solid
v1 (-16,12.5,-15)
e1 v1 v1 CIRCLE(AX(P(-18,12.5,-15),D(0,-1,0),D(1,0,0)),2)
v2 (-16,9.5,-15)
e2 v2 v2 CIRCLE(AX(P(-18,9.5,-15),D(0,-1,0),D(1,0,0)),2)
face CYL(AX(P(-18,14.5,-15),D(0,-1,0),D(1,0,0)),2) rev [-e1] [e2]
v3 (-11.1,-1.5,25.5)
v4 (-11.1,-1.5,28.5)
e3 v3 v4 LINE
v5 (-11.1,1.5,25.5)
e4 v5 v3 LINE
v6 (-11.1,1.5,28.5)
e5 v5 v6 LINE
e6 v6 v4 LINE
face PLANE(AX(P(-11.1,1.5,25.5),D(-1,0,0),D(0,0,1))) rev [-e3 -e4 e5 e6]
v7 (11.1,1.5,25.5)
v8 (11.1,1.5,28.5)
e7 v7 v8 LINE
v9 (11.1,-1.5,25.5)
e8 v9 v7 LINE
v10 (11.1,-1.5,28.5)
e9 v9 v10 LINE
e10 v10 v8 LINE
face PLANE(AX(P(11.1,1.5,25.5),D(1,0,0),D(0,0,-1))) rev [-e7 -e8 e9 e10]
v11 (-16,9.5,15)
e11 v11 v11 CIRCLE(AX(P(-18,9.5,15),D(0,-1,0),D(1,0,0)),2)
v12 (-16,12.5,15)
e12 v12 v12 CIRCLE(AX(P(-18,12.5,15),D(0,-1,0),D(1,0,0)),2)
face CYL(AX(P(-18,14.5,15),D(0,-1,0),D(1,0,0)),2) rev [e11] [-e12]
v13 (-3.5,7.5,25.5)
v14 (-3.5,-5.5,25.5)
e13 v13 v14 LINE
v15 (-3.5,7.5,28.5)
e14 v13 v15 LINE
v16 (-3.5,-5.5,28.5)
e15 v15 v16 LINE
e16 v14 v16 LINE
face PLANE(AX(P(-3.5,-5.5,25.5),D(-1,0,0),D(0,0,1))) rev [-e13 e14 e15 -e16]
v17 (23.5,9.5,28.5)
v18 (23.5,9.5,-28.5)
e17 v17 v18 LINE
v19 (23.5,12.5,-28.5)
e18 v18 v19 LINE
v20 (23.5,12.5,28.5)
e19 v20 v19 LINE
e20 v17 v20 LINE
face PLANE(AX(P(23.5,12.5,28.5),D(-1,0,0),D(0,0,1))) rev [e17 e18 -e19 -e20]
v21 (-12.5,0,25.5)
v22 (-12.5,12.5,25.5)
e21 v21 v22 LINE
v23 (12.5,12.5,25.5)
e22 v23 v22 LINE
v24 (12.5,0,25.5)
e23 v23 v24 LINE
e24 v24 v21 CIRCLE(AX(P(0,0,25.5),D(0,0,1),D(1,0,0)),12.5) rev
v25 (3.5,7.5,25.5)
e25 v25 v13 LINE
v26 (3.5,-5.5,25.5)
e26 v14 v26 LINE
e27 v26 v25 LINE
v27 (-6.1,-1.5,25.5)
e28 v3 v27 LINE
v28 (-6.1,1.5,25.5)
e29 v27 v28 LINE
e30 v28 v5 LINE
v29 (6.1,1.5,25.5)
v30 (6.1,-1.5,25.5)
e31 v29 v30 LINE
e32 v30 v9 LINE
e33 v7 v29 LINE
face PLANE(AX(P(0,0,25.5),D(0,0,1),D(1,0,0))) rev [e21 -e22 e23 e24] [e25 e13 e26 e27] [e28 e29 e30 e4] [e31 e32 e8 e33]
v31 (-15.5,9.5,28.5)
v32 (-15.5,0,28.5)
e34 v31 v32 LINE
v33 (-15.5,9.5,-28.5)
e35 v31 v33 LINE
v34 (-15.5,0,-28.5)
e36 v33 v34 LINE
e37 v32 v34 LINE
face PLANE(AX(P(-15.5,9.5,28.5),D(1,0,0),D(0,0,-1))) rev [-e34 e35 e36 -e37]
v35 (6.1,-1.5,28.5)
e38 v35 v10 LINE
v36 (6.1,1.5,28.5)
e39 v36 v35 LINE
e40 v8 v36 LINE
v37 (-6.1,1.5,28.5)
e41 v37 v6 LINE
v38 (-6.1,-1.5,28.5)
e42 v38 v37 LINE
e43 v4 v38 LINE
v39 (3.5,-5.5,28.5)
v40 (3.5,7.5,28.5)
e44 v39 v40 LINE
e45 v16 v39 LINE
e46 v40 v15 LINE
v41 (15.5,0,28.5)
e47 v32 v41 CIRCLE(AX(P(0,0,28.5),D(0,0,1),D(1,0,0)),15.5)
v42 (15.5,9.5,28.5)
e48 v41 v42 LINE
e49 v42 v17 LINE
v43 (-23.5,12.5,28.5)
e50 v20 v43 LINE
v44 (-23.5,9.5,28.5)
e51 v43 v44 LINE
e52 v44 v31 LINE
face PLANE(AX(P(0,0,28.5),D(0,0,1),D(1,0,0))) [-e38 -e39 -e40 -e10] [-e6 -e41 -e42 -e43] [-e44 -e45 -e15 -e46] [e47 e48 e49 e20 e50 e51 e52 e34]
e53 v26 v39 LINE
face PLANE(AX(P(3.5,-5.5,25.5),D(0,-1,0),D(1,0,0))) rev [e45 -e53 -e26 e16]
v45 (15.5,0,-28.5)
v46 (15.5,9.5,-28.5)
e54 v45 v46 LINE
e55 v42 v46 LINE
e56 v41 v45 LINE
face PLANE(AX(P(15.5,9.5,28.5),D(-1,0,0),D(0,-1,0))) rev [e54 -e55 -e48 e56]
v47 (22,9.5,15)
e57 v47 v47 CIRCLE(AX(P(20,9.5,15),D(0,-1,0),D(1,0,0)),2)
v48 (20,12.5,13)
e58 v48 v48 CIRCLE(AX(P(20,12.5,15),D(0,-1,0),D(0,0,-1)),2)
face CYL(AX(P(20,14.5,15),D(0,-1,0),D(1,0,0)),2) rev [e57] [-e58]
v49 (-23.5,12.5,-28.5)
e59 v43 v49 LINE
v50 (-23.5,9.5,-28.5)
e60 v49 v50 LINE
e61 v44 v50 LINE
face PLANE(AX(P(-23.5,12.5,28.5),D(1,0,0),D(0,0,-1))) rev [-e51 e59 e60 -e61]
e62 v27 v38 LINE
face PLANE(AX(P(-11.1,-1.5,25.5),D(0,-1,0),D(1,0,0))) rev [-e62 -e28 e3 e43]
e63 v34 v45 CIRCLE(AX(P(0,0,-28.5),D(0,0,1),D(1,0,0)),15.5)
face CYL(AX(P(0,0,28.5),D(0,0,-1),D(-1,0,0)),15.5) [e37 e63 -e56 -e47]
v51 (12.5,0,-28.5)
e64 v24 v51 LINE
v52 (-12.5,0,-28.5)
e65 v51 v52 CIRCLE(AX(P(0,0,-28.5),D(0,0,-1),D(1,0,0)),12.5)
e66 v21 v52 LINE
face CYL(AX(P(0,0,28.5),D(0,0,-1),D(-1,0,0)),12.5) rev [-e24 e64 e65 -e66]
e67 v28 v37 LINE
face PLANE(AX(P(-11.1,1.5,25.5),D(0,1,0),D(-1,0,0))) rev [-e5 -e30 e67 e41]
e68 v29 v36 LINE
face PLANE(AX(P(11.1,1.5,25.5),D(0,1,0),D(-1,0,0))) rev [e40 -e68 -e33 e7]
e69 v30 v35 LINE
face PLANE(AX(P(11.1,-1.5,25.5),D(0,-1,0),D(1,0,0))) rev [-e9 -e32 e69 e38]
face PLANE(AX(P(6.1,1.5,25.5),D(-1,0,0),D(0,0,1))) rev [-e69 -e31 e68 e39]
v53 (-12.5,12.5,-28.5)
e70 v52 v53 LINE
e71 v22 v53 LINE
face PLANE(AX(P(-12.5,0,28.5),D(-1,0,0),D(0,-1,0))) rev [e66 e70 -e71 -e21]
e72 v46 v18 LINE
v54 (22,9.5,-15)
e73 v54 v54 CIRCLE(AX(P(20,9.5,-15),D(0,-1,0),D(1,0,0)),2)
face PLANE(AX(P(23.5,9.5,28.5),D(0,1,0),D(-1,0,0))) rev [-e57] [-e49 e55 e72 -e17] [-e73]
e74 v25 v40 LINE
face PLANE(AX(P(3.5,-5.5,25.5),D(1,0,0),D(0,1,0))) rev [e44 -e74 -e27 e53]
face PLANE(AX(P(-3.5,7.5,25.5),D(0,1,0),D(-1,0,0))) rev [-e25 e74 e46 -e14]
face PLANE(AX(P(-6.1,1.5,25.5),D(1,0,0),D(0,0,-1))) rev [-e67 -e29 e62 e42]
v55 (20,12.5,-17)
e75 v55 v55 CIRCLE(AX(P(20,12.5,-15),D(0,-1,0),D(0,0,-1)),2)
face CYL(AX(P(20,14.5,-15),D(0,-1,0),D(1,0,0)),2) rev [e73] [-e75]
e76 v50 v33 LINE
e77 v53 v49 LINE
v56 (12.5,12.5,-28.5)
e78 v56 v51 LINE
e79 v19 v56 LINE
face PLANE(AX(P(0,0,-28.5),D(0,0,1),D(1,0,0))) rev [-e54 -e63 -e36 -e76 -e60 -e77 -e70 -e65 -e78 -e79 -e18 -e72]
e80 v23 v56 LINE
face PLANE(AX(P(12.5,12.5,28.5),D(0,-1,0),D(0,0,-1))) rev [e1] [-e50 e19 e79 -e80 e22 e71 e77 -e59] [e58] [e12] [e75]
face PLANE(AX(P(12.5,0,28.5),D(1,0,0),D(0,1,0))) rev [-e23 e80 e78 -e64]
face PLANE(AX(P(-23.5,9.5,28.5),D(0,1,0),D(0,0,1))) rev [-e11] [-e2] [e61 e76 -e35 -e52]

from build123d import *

# Parameters (mm, degrees)
SALIENTE_EXTRUIR1_DEPTH = 28.5
CROQUIS2_R              = 2
CORTAR_EXTRUIR1_DEPTH   = 5
SALIENTE_EXTRUIR2_DEPTH = 3
CROQUIS4_W              = 5
CROQUIS4_H              = 3
CROQUIS4_W_2            = 7
CROQUIS4_H_2            = 13
CORTAR_EXTRUIR3_DEPTH   = 3


with BuildPart() as part:
    # Croquis1 → Saliente-Extruir1 (new, symmetric)
    with BuildSketch(Plane.XY):
        with BuildLine():
            Line((-12.5, 0), (-12.5, 12.5))
            Line((-12.5, 12.5), (-23.5, 12.5))
            Line((-23.5, 12.5), (-23.5, 9.5))
            Line((-23.5, 9.5), (-15.5, 9.5))
            Line((-15.5, 9.5), (-15.5, 0))
            ThreePointArc((-15.5, 0), (0, -15.5), (15.5, 0))
            Line((15.5, 0), (15.5, 9.5))
            Line((15.5, 9.5), (23.5, 9.5))
            Line((23.5, 9.5), (23.5, 12.5))
            Line((23.5, 12.5), (12.5, 12.5))
            Line((12.5, 12.5), (12.5, 0))
            ThreePointArc((12.5, 0), (0, -12.5), (-12.5, 0))
        make_face()
    extrude(amount=SALIENTE_EXTRUIR1_DEPTH, both=True)

    # Croquis2 → Cortar-Extruir1 (cut)
    with BuildSketch(Plane.XZ.offset(-9.5)):
        with Locations((-18, 15)):
            Circle(CROQUIS2_R)
        with Locations((-18, -15)):
            Circle(CROQUIS2_R)
        with Locations((20, 15)):
            Circle(CROQUIS2_R)
        with Locations((20, -15)):
            Circle(CROQUIS2_R)
    extrude(amount=-CORTAR_EXTRUIR1_DEPTH, mode=Mode.SUBTRACT)

    # Croquis3 → Saliente-Extruir2 (add)
    with BuildSketch(Plane.XY.offset(28.5)):
        with BuildLine():
            Line((-15.5, 12.5), (15.5, 12.5))
            Line((15.5, 12.5), (15.5, 0))
            ThreePointArc((15.5, 0), (0, -15.5), (-15.5, 0))
            Line((-15.5, 0), (-15.5, 12.5))
        make_face()
    extrude(amount=-SALIENTE_EXTRUIR2_DEPTH)

    # Croquis4 → Cortar-Extruir3 (cut)
    with BuildSketch(Plane.XY.offset(28.5)):
        with Locations((-8.6, 0)):
            Rectangle(CROQUIS4_W, CROQUIS4_H)
        with Locations((0, 1)):
            Rectangle(CROQUIS4_W_2, CROQUIS4_H_2)
        with Locations((8.6, 0)):
            Rectangle(CROQUIS4_W, CROQUIS4_H)
    extrude(amount=-CORTAR_EXTRUIR3_DEPTH, mode=Mode.SUBTRACT)


solid = part.part
